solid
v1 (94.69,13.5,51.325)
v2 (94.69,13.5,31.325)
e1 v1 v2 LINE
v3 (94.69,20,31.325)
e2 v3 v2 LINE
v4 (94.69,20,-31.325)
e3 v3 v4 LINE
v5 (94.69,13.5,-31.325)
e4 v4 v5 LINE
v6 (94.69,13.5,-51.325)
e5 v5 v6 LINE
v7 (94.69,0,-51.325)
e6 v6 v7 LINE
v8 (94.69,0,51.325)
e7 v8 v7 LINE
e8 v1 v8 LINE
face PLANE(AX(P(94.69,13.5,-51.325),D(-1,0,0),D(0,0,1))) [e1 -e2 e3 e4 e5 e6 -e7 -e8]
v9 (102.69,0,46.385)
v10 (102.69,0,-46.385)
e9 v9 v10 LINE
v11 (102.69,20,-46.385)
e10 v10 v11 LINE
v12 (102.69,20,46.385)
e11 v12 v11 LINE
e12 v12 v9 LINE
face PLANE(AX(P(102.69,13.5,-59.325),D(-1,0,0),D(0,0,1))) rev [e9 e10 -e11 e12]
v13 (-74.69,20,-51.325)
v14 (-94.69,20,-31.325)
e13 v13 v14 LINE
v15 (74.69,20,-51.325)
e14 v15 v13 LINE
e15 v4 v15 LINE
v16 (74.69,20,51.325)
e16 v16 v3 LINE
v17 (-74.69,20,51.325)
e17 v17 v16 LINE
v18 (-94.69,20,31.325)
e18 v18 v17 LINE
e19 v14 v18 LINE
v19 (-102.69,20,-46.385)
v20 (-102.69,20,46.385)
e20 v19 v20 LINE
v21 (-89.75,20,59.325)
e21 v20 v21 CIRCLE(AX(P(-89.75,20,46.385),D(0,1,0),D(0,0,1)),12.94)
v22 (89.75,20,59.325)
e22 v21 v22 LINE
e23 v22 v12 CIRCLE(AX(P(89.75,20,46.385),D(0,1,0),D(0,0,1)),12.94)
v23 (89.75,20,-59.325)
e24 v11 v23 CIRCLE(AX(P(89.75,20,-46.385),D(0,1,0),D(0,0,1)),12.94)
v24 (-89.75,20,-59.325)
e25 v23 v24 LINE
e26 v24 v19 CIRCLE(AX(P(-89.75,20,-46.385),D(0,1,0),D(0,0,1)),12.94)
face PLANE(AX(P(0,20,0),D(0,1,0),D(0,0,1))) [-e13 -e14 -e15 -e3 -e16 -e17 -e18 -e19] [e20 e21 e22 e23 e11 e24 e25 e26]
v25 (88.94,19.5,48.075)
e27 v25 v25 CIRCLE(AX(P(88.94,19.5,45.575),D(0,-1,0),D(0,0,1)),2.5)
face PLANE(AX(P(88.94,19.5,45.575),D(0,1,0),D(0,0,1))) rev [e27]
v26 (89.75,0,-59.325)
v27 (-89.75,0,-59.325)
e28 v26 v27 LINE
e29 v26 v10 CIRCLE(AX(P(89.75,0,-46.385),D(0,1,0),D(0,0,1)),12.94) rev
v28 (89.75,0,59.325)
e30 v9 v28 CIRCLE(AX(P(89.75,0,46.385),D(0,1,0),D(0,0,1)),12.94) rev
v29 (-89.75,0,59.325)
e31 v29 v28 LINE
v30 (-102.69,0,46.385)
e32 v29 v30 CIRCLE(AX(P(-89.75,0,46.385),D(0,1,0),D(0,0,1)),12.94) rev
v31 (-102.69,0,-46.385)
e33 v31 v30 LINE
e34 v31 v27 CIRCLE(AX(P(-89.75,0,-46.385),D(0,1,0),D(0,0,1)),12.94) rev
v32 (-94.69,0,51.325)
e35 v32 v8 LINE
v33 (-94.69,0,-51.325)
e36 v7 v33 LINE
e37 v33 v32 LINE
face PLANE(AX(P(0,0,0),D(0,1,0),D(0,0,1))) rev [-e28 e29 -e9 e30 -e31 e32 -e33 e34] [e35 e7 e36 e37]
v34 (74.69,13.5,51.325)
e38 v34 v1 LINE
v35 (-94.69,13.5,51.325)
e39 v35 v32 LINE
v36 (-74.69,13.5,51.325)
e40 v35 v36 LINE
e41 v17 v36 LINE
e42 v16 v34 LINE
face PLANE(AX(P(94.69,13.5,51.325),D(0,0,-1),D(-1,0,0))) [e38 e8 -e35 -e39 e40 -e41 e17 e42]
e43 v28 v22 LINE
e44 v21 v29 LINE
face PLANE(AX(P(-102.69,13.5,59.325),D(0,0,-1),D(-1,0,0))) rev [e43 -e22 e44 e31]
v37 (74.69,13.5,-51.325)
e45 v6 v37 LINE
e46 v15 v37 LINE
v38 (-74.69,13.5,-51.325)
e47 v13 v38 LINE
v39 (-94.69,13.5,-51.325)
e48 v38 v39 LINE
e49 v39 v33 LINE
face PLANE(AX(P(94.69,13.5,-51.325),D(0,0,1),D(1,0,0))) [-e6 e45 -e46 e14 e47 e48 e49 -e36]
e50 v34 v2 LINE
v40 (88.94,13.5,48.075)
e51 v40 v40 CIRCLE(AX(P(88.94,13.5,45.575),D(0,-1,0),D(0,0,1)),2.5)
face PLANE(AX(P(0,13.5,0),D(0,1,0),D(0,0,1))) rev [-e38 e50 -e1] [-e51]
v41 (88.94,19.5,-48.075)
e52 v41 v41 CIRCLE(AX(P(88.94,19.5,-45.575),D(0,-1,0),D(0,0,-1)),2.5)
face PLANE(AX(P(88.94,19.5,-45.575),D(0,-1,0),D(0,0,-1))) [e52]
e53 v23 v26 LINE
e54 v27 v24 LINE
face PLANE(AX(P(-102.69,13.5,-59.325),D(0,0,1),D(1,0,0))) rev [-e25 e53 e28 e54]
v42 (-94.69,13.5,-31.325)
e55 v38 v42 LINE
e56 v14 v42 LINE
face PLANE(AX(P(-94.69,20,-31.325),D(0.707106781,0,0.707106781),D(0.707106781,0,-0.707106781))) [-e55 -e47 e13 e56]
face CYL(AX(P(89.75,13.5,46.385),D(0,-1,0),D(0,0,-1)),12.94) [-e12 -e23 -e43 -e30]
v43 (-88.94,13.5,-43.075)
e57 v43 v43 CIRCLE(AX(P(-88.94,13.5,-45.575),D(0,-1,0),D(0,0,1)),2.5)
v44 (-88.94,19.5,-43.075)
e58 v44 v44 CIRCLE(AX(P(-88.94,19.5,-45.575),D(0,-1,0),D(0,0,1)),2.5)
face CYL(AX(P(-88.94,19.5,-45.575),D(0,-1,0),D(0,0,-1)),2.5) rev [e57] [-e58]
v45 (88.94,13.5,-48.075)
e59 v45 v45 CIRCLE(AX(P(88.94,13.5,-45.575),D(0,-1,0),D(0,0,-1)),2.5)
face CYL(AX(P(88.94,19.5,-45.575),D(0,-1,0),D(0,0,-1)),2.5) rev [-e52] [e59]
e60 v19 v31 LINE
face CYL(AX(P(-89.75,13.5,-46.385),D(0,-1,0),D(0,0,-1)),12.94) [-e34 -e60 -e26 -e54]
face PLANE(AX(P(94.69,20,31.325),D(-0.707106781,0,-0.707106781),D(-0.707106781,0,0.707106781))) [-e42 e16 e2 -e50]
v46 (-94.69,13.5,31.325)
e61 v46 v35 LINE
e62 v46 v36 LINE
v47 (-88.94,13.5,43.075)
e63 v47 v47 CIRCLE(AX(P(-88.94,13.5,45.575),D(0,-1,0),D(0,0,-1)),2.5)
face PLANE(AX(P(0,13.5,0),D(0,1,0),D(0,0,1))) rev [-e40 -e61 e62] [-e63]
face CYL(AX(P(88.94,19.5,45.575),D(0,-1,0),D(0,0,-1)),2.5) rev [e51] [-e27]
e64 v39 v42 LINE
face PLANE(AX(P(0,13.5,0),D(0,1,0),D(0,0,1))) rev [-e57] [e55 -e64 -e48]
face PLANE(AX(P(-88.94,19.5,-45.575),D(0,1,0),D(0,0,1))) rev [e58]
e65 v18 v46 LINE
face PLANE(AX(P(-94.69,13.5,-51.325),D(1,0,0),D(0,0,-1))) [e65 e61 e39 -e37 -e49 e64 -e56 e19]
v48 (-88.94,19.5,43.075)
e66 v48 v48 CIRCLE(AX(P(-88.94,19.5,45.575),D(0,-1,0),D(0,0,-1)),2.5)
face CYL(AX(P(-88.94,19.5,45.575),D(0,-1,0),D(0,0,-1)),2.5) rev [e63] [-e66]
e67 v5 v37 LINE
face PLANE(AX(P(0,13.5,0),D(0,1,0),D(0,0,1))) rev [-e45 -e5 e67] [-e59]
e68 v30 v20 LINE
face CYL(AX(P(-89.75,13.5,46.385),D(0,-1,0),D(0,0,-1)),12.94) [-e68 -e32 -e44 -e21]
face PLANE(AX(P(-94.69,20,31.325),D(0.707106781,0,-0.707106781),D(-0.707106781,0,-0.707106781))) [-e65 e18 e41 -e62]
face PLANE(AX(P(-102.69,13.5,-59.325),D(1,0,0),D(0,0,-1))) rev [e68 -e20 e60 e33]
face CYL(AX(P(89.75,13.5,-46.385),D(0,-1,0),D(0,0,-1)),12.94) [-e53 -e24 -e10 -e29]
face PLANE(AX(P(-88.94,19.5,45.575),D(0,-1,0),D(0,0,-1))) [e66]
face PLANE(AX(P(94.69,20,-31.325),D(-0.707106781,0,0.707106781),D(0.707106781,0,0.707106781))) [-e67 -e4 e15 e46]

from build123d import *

# Parameters (mm, degrees)
SKETCH1_W           = 205.38
SKETCH1_H           = 118.65
SKETCH1_W_2         = 189.38
SKETCH1_H_2         = 102.65
BOSS_EXTRUDE1_DEPTH = 13.5
SKETCH3_W           = 205.38
SKETCH3_H           = 118.65
BOSS_EXTRUDE2_DEPTH = 6.5
SKETCH4_R           = 2.5
CUT_EXTRUDE1_DEPTH  = 6
FILLET1_R           = 12.94


with BuildPart() as part:
    # Sketch1 → Boss-Extrude1 (new body)
    with BuildSketch(Plane(origin=(0, 0, 0), x_dir=(1, 0, 0), z_dir=(0, 1, 0))):
        Rectangle(SKETCH1_W, SKETCH1_H)
        Rectangle(SKETCH1_W_2, SKETCH1_H_2, mode=Mode.SUBTRACT)
    extrude(amount=BOSS_EXTRUDE1_DEPTH)

    # Sketch3 → Boss-Extrude2 (add)
    with BuildSketch(Plane(origin=(0, 13.5, 0), x_dir=(1, 0, 0), z_dir=(0, 1, 0))):
        Rectangle(SKETCH3_W, SKETCH3_H)
        Polygon((-94.69, 31.325), (-74.69, 51.325), (74.69, 51.325), (94.69, 31.325), (94.69, -31.325), (74.69, -51.325), (-74.69, -51.325), (-94.69, -31.325), align=None, mode=Mode.SUBTRACT)
    extrude(amount=BOSS_EXTRUDE2_DEPTH)

    # Sketch4 → Cut-Extrude1 (cut)
    with BuildSketch(Plane.XZ.offset(-13.5)):
        with Locations(Location((-88.94, 45.575, 0), (0, 0, 270))):
            Circle(SKETCH4_R)
        with Locations(Location((88.94, 45.575, 0), (0, 0, 90))):
            Circle(SKETCH4_R)
        with Locations(Location((88.94, -45.575, 0), (0, 0, 270))):
            Circle(SKETCH4_R)
        with Locations(Location((-88.94, -45.575, 0), (0, 0, 90))):
            Circle(SKETCH4_R)
    extrude(amount=-CUT_EXTRUDE1_DEPTH, mode=Mode.SUBTRACT)

    # Fillet1
    fillet1_edges = [part.edges().sort_by_distance(p)[0] for p in [
        (102.69, 10, 59.325),
        (-102.69, 10, 59.325),
        (-102.69, 10, -59.325),
        (102.69, 10, -59.325),
    ]]
    fillet(fillet1_edges, radius=FILLET1_R)


solid = part.part
